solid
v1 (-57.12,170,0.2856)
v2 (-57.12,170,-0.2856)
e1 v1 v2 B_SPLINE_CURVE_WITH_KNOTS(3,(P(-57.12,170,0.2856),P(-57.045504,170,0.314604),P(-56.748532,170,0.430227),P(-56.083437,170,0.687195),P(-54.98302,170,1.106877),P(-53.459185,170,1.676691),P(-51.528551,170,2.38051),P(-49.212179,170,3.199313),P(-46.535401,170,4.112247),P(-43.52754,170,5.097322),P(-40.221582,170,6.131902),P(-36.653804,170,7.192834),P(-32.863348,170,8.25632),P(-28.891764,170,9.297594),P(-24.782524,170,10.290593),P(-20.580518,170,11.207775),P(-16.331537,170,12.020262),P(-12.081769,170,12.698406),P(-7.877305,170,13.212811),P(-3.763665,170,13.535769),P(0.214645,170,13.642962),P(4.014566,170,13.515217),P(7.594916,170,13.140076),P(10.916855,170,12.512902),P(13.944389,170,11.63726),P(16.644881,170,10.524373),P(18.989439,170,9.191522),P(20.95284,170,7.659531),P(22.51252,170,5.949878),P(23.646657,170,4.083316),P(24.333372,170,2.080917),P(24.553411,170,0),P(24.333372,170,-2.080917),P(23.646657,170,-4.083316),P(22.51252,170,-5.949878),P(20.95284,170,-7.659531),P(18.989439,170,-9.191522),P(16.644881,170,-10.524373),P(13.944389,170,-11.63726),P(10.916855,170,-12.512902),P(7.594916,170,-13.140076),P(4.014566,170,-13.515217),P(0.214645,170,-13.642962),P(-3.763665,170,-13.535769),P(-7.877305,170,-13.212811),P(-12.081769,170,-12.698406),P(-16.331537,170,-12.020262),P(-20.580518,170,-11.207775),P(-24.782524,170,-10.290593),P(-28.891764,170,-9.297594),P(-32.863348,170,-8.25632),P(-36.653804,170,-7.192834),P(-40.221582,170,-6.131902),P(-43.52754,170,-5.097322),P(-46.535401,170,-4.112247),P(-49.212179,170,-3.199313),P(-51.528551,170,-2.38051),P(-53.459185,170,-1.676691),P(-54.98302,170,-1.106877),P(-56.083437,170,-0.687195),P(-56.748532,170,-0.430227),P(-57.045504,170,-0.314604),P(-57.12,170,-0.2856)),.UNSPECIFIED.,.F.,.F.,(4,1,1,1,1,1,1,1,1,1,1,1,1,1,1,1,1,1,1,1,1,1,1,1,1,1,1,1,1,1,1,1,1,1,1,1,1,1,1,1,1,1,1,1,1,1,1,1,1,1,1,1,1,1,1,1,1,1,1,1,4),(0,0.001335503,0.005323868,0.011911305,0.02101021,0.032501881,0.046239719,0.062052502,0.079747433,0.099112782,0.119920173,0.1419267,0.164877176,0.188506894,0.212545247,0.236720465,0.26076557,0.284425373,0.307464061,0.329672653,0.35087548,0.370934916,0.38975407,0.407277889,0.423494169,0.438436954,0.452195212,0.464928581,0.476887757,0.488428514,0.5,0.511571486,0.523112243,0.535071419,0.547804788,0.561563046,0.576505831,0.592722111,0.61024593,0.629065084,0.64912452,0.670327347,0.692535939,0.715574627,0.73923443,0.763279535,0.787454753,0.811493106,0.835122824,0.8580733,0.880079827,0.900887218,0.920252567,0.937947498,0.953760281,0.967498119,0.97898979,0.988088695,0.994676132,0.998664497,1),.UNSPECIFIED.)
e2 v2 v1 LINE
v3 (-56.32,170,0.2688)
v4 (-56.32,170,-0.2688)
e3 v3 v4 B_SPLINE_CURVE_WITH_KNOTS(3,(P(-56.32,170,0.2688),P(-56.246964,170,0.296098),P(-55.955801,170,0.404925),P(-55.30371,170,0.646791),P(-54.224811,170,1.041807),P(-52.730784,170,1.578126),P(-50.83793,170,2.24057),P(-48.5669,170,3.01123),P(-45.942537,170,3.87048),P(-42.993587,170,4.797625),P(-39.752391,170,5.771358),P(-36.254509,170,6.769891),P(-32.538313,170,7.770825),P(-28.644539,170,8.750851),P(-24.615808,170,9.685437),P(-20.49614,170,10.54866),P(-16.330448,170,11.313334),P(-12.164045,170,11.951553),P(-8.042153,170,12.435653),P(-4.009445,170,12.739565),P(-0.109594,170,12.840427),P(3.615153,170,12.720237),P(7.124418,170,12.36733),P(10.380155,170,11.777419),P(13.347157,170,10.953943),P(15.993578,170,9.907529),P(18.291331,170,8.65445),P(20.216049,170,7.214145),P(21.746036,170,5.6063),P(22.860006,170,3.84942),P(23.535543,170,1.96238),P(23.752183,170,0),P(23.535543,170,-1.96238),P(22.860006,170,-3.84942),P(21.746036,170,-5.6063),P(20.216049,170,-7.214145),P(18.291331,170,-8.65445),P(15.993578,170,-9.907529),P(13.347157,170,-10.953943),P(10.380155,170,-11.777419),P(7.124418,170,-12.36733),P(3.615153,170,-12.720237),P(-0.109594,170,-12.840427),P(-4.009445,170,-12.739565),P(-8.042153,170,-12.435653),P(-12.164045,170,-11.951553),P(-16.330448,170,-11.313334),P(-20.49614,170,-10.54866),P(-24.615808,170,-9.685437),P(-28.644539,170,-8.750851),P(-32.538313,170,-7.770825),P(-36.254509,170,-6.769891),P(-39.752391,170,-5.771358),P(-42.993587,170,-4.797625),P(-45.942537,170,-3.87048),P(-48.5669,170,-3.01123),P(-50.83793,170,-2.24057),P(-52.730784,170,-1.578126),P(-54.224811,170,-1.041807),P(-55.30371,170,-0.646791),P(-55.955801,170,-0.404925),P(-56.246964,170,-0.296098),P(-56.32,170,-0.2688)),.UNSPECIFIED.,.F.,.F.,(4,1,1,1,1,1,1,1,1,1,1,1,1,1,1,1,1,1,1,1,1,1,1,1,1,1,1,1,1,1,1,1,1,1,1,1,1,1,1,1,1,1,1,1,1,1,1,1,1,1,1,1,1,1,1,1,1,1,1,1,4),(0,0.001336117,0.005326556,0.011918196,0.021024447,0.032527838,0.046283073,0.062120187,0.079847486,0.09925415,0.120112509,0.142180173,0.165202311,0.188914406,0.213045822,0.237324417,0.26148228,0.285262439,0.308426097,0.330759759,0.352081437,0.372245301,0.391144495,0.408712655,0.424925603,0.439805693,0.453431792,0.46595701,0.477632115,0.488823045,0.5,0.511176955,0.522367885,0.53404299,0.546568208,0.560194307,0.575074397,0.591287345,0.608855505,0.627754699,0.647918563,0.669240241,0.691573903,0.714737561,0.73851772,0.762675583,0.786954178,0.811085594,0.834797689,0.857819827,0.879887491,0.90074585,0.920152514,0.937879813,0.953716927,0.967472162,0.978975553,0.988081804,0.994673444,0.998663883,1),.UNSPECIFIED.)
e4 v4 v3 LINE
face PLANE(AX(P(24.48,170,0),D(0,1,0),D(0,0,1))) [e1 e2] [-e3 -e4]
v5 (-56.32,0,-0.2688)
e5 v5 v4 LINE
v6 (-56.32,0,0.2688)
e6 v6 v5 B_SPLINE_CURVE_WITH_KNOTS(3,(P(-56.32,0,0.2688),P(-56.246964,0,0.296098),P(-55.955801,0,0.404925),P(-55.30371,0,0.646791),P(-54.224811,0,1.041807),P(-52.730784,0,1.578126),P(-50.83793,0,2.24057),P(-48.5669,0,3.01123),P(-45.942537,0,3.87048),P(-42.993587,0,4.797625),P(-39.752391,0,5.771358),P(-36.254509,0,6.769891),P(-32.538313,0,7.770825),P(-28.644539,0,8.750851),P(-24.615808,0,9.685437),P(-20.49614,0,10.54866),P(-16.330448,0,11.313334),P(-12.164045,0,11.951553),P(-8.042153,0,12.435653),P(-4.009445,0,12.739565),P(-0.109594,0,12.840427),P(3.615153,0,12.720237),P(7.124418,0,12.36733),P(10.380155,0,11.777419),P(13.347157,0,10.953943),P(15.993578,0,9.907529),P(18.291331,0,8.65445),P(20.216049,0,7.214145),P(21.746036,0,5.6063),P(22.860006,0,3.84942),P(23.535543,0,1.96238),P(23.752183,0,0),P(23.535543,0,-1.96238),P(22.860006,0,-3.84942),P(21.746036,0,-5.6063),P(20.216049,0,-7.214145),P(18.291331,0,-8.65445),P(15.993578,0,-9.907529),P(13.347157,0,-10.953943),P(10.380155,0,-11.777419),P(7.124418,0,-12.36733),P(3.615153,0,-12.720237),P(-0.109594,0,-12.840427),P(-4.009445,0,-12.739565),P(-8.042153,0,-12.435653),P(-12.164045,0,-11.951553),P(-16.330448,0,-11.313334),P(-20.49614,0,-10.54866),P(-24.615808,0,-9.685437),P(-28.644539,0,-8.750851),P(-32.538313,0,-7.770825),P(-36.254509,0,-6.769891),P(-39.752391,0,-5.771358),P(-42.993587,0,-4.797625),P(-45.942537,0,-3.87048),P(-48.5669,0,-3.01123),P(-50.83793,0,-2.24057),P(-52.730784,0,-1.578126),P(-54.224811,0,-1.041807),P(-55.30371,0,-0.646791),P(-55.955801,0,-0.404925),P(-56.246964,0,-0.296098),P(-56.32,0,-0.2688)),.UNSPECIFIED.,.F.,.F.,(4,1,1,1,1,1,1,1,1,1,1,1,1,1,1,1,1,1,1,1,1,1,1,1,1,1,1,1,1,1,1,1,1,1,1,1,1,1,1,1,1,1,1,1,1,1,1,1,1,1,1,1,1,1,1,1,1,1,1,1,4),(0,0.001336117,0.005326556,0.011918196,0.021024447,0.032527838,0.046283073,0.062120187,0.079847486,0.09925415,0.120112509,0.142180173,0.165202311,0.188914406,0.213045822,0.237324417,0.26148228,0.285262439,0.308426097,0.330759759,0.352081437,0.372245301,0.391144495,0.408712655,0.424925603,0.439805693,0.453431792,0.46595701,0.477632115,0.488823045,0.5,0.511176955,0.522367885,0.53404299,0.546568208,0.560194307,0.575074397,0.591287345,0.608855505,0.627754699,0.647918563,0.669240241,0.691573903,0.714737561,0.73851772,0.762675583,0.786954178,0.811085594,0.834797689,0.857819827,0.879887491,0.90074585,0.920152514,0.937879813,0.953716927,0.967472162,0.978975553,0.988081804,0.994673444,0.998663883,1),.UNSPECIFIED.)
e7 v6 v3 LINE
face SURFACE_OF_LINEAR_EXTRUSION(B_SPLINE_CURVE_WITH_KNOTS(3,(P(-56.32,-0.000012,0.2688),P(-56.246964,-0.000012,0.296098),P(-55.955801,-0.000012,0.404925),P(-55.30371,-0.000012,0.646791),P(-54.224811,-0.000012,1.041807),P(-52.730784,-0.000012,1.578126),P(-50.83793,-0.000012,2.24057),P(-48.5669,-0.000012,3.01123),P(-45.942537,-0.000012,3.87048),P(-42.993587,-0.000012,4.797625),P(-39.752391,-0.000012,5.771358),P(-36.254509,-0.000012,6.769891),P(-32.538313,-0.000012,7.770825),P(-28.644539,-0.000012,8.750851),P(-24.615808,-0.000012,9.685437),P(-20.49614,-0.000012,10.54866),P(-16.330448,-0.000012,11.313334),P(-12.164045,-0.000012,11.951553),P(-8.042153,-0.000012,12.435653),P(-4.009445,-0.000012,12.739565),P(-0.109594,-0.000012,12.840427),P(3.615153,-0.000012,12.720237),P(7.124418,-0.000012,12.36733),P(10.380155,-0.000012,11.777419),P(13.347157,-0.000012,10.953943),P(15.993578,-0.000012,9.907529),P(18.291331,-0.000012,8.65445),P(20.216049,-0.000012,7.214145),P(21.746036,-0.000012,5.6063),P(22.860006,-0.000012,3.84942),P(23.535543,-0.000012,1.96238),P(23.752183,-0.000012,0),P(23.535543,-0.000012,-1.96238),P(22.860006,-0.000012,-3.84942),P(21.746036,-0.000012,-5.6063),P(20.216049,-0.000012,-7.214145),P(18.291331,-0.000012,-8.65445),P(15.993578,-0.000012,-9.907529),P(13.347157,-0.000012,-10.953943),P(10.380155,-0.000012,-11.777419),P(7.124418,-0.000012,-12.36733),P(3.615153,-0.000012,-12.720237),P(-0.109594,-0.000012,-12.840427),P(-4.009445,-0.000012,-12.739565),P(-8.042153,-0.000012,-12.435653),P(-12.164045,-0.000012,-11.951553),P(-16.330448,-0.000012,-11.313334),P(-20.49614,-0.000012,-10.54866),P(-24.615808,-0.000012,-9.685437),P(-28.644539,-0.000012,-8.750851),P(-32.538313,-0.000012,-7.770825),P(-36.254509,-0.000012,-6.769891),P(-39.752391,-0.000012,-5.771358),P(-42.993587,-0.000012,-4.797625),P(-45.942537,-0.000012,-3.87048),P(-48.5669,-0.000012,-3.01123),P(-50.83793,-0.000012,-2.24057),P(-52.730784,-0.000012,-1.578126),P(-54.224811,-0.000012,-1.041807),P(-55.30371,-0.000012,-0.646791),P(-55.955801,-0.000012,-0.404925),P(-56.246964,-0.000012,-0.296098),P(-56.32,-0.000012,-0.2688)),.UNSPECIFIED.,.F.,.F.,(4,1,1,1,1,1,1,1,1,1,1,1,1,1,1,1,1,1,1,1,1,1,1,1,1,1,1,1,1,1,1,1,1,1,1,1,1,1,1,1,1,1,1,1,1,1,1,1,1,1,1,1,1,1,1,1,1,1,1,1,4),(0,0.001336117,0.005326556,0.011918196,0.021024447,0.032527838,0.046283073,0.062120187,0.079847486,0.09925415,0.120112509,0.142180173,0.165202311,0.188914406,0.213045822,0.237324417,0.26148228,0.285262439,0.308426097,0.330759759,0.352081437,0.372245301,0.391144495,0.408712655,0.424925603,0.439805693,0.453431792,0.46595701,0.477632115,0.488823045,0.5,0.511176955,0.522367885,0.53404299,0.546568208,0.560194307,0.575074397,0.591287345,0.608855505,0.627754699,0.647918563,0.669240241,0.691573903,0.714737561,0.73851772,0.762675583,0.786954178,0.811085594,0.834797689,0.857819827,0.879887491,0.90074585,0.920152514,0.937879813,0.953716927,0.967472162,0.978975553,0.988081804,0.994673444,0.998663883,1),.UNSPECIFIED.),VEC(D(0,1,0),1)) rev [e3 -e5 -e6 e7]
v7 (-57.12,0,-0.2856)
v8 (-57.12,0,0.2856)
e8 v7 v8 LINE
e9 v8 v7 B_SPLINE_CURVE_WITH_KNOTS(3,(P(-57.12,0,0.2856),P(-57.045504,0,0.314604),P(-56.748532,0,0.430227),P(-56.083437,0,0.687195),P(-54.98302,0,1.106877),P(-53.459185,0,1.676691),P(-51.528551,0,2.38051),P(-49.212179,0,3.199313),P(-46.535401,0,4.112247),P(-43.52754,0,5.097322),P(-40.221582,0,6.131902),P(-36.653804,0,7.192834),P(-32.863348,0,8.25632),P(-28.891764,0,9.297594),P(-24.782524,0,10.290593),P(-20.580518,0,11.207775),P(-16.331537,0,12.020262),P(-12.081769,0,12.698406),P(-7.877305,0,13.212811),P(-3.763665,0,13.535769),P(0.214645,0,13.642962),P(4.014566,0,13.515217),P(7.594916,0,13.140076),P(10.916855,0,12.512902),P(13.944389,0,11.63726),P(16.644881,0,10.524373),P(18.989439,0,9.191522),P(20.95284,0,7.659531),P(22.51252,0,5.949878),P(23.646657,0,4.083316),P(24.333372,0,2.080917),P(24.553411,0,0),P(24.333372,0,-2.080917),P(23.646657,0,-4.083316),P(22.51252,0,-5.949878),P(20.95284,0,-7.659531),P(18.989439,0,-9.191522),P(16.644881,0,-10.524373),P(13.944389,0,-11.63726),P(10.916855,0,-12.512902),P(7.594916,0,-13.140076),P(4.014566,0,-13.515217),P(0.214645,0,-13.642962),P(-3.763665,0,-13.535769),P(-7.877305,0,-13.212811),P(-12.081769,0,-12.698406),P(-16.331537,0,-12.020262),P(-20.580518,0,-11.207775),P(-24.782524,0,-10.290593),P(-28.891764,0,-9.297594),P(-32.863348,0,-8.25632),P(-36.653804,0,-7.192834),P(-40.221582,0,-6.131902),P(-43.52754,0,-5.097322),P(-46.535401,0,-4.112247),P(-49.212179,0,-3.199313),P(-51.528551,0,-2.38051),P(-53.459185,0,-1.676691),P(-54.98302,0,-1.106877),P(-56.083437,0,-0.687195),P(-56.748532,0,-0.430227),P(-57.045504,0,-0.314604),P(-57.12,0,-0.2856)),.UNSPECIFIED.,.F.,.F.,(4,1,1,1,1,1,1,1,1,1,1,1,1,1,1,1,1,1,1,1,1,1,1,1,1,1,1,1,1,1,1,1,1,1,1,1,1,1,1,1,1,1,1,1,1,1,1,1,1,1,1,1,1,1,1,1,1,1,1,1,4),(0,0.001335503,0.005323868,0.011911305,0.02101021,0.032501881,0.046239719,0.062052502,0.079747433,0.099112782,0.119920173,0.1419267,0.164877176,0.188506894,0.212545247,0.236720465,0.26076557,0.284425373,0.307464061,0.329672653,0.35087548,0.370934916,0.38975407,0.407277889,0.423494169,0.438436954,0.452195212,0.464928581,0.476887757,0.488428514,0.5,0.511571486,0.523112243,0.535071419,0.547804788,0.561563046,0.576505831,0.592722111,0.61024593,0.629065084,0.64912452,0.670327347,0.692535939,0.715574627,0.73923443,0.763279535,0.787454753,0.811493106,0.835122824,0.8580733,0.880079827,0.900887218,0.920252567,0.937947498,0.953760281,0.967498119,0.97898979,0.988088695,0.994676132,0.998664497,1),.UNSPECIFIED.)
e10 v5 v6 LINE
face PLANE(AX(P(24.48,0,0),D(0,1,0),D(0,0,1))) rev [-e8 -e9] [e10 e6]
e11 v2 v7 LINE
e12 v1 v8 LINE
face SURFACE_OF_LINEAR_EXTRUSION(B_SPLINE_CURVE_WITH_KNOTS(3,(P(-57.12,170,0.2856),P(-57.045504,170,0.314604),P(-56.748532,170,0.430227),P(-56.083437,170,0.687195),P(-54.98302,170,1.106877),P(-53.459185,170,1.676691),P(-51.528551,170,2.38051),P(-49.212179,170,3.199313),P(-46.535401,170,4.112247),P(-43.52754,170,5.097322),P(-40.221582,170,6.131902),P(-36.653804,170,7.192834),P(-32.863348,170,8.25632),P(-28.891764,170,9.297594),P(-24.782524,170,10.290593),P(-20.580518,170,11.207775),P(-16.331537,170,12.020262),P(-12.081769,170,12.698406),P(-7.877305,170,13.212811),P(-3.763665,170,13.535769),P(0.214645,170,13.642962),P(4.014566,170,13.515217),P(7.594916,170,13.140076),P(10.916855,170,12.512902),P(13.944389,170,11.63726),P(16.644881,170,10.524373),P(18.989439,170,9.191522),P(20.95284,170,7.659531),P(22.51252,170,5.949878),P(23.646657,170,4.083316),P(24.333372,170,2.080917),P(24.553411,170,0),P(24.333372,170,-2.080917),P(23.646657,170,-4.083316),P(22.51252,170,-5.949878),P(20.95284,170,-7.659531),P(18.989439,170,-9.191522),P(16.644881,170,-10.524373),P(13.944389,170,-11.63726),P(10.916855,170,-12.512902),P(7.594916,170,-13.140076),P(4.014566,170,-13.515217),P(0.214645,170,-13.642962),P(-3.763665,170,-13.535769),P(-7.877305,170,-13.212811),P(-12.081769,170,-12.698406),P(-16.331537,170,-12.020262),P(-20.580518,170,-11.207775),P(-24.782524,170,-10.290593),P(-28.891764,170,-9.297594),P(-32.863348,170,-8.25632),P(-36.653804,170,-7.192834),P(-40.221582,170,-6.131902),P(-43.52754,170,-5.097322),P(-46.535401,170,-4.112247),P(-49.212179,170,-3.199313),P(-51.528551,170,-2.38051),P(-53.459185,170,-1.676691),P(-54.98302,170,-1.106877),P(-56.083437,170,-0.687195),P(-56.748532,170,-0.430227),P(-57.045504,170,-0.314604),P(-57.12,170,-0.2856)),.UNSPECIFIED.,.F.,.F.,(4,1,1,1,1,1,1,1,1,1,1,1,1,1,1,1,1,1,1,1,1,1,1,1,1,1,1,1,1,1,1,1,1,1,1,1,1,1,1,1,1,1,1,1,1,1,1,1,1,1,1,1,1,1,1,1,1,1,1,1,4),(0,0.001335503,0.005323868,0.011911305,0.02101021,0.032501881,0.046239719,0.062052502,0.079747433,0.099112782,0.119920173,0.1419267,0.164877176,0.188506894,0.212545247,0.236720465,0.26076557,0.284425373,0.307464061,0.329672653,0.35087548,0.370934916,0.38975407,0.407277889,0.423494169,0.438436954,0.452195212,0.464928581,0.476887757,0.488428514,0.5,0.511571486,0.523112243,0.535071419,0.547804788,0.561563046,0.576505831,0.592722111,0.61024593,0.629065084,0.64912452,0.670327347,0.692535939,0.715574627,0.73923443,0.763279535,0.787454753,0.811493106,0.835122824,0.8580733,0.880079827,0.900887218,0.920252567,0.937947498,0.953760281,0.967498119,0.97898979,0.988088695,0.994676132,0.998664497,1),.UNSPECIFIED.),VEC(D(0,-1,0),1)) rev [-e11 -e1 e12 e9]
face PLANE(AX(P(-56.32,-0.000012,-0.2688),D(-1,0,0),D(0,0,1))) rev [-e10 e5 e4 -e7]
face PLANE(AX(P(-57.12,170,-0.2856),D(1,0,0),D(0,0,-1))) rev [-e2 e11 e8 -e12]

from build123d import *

# Parameters (mm, degrees)
BOSS_EXTRUDE1_DEPTH     = 170
CUT_EXTRUDE1_DEPTH      = 180.854833108
CUT_EXTRUDE1_DEPTH_BACK = 180.854833108


with BuildPart() as part:
    # Sketch1 → Boss-Extrude1 (new body)
    with BuildSketch(Plane(origin=(0, 0, 0), x_dir=(1, 0, 0), z_dir=(0, 1, 0))):
        with BuildLine():
            Line((-57.12, 0.2856), (-57.12, -0.2856))
            add(Edge.make_bspline(
                [(-57.12, 0.2856), (-57.045504045, 0.314604206), (-56.748532371, 0.430226961), (-56.083437086, 0.687194927), (-54.983020345, 1.106877465), (-53.459184566, 1.676691002), (-51.52855133, 2.380510485), (-49.212178597, 3.199313325), (-46.535401215, 4.112246622), (-43.527539776, 5.097322401), (-40.221582128, 6.131901973), (-36.653803913, 7.192834466), (-32.863347618, 8.256320051), (-28.89176377, 9.297594062), (-24.78252437, 10.290592571), (-20.580517912, 11.207774779), (-16.331536898, 12.020262473), (-12.08176934, 12.698405987), (-7.877305137, 13.212810539), (-3.763665203, 13.535768925), (0.214645027, 13.642961665), (4.014565766, 13.515216702), (7.594915985, 13.140076298), (10.916855264, 12.512902153), (13.944388679, 11.637260037), (16.644881453, 10.524372958), (18.989439212, 9.191521805), (20.952839934, 7.659530572), (22.512519543, 5.949877808), (23.646656714, 4.08331643), (24.333371985, 2.08091679), (24.55341148, 0), (24.333371985, -2.08091679), (23.646656714, -4.08331643), (22.512519543, -5.949877808), (20.952839934, -7.659530572), (18.989439212, -9.191521805), (16.644881453, -10.524372958), (13.944388679, -11.637260037), (10.916855264, -12.512902153), (7.594915985, -13.140076298), (4.014565766, -13.515216702), (0.214645027, -13.642961665), (-3.763665203, -13.535768925), (-7.877305137, -13.212810539), (-12.08176934, -12.698405987), (-16.331536898, -12.020262473), (-20.580517912, -11.207774779), (-24.78252437, -10.290592571), (-28.89176377, -9.297594062), (-32.863347618, -8.256320051), (-36.653803913, -7.192834466), (-40.221582128, -6.131901973), (-43.527539776, -5.097322401), (-46.535401215, -4.112246622), (-49.212178597, -3.199313325), (-51.52855133, -2.380510485), (-53.459184566, -1.676691002), (-54.983020345, -1.106877465), (-56.083437086, -0.687194927), (-56.748532371, -0.430226961), (-57.045504045, -0.314604206), (-57.12, -0.2856)],
                knots=[0, 0, 0, 0, 0.001335503, 0.005323868, 0.011911305, 0.02101021, 0.032501881, 0.046239719, 0.062052502, 0.079747433, 0.099112782, 0.119920173, 0.1419267, 0.164877176, 0.188506894, 0.212545247, 0.236720465, 0.26076557, 0.284425373, 0.307464061, 0.329672653, 0.35087548, 0.370934916, 0.38975407, 0.407277889, 0.423494169, 0.438436954, 0.452195212, 0.464928581, 0.476887757, 0.488428514, 0.5, 0.511571486, 0.523112243, 0.535071419, 0.547804788, 0.561563046, 0.576505831, 0.592722111, 0.61024593, 0.629065084, 0.64912452, 0.670327347, 0.692535939, 0.715574627, 0.73923443, 0.763279535, 0.787454753, 0.811493106, 0.835122824, 0.8580733, 0.880079827, 0.900887218, 0.920252567, 0.937947498, 0.953760281, 0.967498119, 0.97898979, 0.988088695, 0.994676132, 0.998664497, 1, 1, 1, 1], degree=3))
        make_face()
    extrude(amount=BOSS_EXTRUDE1_DEPTH)

    # Sketch2 → Cut-Extrude1 (cut, two sides: drawn at the far end of the back side and taken through both)
    with BuildSketch(Plane(origin=(0, 0, 0), x_dir=(1, 0, 0), z_dir=(0, 1, 0)).offset(-CUT_EXTRUDE1_DEPTH_BACK)):
        with BuildLine():
            Line((-56.32, 0.2688), (-56.32, -0.2688))
            add(Edge.make_bspline(
                [(-56.32, 0.2688), (-56.246964327, 0.296098233), (-55.955800717, 0.404925219), (-55.303710206, 0.646790768), (-54.22481147, 1.041807165), (-52.730784194, 1.578126428), (-50.837929542, 2.240569543), (-48.566899677, 3.011230004), (-45.942536526, 3.870480147), (-42.993587092, 4.797625005), (-39.752390893, 5.771358103), (-36.254509088, 6.769891237), (-32.538313425, 7.7708251), (-28.644538635, 8.750851362), (-24.615807826, 9.685437472), (-20.496139759, 10.548659503), (-16.330448299, 11.313334133), (-12.164044756, 11.951553142), (-8.042153063, 12.435652539), (-4.009444683, 12.739565466), (-0.109594078, 12.840427415), (3.615153305, 12.72023663), (7.124418478, 12.367330009), (10.380155078, 11.777419309), (13.34715698, 10.95394257), (15.993578076, 9.907529168), (18.29133054, 8.65444961), (20.21604872, 7.214144931), (21.746035774, 5.606300031), (22.860005573, 3.849419877), (23.535542952, 1.962380003), (23.752183398, 0), (23.535542952, -1.962380003), (22.860005573, -3.849419877), (21.746035774, -5.606300031), (20.21604872, -7.214144931), (18.29133054, -8.65444961), (15.993578076, -9.907529168), (13.34715698, -10.95394257), (10.380155078, -11.777419309), (7.124418478, -12.367330009), (3.615153305, -12.72023663), (-0.109594078, -12.840427415), (-4.009444683, -12.739565466), (-8.042153063, -12.435652539), (-12.164044756, -11.951553142), (-16.330448299, -11.313334133), (-20.496139759, -10.548659503), (-24.615807826, -9.685437472), (-28.644538635, -8.750851362), (-32.538313425, -7.7708251), (-36.254509088, -6.769891237), (-39.752390893, -5.771358103), (-42.993587092, -4.797625005), (-45.942536526, -3.870480147), (-48.566899677, -3.011230004), (-50.837929542, -2.240569543), (-52.730784194, -1.578126428), (-54.22481147, -1.041807165), (-55.303710206, -0.646790768), (-55.955800717, -0.404925219), (-56.246964327, -0.296098233), (-56.32, -0.2688)],
                knots=[0, 0, 0, 0, 0.001336117, 0.005326556, 0.011918196, 0.021024447, 0.032527838, 0.046283073, 0.062120187, 0.079847486, 0.09925415, 0.120112509, 0.142180173, 0.165202311, 0.188914406, 0.213045822, 0.237324417, 0.26148228, 0.285262439, 0.308426097, 0.330759759, 0.352081437, 0.372245301, 0.391144495, 0.408712655, 0.424925603, 0.439805693, 0.453431792, 0.46595701, 0.477632115, 0.488823045, 0.5, 0.511176955, 0.522367885, 0.53404299, 0.546568208, 0.560194307, 0.575074397, 0.591287345, 0.608855505, 0.627754699, 0.647918563, 0.669240241, 0.691573903, 0.714737561, 0.73851772, 0.762675583, 0.786954178, 0.811085594, 0.834797689, 0.857819827, 0.879887491, 0.90074585, 0.920152514, 0.937879813, 0.953716927, 0.967472162, 0.978975553, 0.988081804, 0.994673444, 0.998663883, 1, 1, 1, 1], degree=3))
        make_face()
    extrude(amount=CUT_EXTRUDE1_DEPTH + CUT_EXTRUDE1_DEPTH_BACK, mode=Mode.SUBTRACT)


solid = part.part
